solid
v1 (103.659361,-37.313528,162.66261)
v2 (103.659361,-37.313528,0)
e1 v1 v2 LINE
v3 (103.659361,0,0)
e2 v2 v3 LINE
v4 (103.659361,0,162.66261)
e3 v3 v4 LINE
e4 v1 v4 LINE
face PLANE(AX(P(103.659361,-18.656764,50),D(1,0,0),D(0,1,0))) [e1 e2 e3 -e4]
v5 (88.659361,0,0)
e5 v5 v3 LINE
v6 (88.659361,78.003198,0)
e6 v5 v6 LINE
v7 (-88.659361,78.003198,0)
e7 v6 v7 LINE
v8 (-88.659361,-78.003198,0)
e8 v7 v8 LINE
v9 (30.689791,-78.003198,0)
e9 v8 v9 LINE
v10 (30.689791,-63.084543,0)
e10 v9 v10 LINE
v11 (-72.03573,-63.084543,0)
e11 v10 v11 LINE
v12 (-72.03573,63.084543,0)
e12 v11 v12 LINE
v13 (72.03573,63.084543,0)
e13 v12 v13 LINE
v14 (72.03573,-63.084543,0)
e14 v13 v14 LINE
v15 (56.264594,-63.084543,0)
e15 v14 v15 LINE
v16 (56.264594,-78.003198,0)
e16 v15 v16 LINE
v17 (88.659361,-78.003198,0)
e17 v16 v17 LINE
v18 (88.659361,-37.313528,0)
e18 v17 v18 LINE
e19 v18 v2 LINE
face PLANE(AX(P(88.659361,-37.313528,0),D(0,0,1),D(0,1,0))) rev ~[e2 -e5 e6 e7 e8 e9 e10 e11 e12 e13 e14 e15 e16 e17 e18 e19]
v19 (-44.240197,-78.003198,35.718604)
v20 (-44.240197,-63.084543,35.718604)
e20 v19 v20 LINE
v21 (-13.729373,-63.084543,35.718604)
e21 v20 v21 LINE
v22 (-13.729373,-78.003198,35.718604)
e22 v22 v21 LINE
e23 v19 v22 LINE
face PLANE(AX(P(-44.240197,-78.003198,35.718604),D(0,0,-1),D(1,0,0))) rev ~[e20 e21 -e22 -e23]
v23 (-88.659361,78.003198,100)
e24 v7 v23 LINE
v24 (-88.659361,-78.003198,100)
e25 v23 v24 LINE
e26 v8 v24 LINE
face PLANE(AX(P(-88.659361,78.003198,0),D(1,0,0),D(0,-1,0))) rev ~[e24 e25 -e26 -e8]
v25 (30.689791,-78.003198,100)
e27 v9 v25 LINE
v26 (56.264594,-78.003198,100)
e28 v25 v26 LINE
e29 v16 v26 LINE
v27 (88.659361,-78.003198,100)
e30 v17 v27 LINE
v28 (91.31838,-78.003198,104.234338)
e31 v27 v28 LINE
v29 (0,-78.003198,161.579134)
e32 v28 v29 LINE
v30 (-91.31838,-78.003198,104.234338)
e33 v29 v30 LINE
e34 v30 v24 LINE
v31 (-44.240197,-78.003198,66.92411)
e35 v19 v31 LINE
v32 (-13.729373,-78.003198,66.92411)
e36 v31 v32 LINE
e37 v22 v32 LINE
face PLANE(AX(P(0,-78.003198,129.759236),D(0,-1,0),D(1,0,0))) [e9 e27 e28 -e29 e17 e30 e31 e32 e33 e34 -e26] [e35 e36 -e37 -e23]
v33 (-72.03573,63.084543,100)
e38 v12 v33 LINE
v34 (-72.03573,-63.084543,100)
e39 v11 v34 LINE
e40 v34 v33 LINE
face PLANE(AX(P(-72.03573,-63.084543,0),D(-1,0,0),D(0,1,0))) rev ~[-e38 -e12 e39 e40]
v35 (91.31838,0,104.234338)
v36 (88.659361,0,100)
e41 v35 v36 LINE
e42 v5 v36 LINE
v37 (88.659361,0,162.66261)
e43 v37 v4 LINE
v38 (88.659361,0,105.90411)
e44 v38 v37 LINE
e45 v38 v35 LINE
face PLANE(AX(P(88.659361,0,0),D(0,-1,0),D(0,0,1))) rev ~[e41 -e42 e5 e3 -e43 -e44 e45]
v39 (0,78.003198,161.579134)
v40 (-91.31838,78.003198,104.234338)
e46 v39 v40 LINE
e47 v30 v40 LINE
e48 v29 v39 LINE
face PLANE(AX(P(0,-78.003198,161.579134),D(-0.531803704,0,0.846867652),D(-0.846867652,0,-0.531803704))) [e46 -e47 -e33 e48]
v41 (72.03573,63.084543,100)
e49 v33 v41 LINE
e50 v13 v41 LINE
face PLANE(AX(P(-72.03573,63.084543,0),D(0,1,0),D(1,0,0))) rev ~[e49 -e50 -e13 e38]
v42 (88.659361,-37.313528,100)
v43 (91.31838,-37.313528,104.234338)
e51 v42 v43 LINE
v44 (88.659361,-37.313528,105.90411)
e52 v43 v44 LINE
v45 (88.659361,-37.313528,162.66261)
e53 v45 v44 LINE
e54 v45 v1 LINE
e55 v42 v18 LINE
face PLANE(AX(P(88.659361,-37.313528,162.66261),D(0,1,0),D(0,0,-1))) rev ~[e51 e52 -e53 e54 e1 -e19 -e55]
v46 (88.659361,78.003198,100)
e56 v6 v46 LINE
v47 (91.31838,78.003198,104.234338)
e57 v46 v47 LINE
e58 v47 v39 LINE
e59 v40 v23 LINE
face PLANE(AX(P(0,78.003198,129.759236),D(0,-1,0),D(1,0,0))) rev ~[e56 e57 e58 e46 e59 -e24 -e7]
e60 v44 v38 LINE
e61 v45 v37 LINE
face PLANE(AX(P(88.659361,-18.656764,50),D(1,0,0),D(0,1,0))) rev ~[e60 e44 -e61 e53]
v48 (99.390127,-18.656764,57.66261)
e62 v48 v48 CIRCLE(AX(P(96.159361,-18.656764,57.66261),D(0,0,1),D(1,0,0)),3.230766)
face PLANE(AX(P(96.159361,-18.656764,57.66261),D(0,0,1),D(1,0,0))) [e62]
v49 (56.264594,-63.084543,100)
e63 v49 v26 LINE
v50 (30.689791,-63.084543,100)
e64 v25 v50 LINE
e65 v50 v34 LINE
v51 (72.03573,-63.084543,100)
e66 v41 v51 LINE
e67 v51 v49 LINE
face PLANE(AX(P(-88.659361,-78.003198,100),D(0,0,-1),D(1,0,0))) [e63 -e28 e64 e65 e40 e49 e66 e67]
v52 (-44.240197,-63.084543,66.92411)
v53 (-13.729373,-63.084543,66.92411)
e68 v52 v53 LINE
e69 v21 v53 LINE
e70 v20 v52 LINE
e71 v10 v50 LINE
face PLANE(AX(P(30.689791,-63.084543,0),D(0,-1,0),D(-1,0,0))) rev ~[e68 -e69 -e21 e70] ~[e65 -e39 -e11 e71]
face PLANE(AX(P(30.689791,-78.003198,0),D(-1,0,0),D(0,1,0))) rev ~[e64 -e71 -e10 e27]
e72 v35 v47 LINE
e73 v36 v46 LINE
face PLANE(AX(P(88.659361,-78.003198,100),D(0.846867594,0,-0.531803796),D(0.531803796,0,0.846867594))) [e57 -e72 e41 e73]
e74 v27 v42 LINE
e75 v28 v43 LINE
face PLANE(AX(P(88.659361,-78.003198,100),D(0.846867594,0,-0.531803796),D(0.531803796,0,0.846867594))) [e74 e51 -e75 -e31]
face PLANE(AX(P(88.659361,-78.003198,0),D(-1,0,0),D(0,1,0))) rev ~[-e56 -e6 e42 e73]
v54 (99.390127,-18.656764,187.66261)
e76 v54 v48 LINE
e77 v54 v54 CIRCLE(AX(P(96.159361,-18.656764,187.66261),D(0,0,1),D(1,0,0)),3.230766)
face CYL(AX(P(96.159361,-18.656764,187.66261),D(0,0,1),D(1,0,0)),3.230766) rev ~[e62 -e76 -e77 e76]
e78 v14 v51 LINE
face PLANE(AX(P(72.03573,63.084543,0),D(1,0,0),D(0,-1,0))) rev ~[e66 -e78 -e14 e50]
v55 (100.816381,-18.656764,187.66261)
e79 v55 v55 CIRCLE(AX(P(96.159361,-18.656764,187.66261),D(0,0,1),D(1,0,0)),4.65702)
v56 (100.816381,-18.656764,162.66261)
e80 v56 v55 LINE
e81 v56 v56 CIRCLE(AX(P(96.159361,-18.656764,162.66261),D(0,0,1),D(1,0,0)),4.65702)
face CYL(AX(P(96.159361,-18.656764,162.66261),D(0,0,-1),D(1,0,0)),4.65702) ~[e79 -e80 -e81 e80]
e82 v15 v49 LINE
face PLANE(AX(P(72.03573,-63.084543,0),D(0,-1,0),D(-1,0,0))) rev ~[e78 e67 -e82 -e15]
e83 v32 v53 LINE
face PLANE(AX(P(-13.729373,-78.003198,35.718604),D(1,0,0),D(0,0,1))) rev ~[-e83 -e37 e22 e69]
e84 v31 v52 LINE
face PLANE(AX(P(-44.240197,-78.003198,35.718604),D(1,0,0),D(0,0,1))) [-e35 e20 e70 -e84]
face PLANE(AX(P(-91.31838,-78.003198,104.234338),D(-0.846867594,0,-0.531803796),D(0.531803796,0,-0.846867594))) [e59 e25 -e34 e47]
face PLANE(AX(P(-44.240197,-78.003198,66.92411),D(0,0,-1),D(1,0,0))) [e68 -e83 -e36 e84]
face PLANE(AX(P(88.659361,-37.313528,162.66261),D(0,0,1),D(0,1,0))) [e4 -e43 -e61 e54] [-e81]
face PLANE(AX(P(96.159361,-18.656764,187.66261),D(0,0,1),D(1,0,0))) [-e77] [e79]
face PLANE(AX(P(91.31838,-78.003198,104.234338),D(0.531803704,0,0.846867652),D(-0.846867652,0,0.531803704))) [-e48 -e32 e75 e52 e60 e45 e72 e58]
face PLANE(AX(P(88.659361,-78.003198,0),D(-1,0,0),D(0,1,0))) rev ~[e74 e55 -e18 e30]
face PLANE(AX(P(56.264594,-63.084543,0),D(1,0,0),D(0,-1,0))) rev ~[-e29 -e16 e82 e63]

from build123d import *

# Parameters (mm, degrees)
F1_DEPTH  = 100
F2_W      = 30.510824
F2_H      = 31.205505
F3_DEPTH  = 25
F5_DEPTH  = 156.006396
F6_DEPTH  = 156.006396
F7_W      = 37.313528
F7_H      = 100
F7_H_2    = 62.66261
F8_DEPTH  = 15
F9_R      = 4.65702
F10_DEPTH = 25
F11_R     = 3.230766
F12_DEPTH = 130


with BuildPart() as f1:
    # F0 (on Top) → F1 (new body)
    with BuildSketch(Plane.XY):
        Polygon((56.264594, -78.003198), (88.659361, -78.003198), (88.659361, 78.003198), (-88.659361, 78.003198), (-88.659361, -78.003198), (30.689791, -78.003198), (30.689791, -63.084543), (-72.03573, -63.084543), (-72.03573, 63.084543), (72.03573, 63.084543), (72.03573, -63.084543), (56.264594, -63.084543), align=None)
    extrude(amount=F1_DEPTH)

    # F2 (on face) → F3 (cut)
    with BuildSketch(Plane.XZ.offset(78.003198)):
        with Locations((-28.984785, 51.321357)):
            Rectangle(F2_W, F2_H)
    extrude(amount=-F3_DEPTH, mode=Mode.SUBTRACT)

    # F4 (on face) → F5 (join, through all)
    with BuildSketch(Plane.XZ.offset(78.003198)):
        Polygon((88.659361, 100), (0, 155.675024), (-88.659361, 100), (30.689791, 100), (56.264594, 100), align=None)
    extrude(amount=-F5_DEPTH)

    # F4 (on face) → F6 (join, through all)
    with BuildSketch(Plane.XZ.offset(78.003198)):
        Polygon((-88.659361, 100), (0, 155.675024), (88.659361, 100), (91.31838, 104.234338), (0, 161.579134), (-91.31838, 104.234338), align=None)
    extrude(amount=-F6_DEPTH)

    # F7 (on face) → F8 (join)
    with BuildSketch(Plane.YZ.offset(88.659361)):
        with Locations((-18.656764, 50)):
            Rectangle(F7_W, F7_H)
        with Locations((-18.656764, 131.331305)):
            Rectangle(F7_W, F7_H_2)
    extrude(amount=F8_DEPTH)

    # F9 (on face) → F10 (join)
    with BuildSketch(Plane.XY.offset(162.66261)):
        with Locations((96.159361, -18.656764)):
            Circle(F9_R)
    extrude(amount=F10_DEPTH)

    # F11 (on face) → F12 (cut)
    with BuildSketch(Plane.XY.offset(187.66261)):
        with Locations((96.159361, -18.656764)):
            Circle(F11_R)
    extrude(amount=-F12_DEPTH, mode=Mode.SUBTRACT)


solid = f1.part
